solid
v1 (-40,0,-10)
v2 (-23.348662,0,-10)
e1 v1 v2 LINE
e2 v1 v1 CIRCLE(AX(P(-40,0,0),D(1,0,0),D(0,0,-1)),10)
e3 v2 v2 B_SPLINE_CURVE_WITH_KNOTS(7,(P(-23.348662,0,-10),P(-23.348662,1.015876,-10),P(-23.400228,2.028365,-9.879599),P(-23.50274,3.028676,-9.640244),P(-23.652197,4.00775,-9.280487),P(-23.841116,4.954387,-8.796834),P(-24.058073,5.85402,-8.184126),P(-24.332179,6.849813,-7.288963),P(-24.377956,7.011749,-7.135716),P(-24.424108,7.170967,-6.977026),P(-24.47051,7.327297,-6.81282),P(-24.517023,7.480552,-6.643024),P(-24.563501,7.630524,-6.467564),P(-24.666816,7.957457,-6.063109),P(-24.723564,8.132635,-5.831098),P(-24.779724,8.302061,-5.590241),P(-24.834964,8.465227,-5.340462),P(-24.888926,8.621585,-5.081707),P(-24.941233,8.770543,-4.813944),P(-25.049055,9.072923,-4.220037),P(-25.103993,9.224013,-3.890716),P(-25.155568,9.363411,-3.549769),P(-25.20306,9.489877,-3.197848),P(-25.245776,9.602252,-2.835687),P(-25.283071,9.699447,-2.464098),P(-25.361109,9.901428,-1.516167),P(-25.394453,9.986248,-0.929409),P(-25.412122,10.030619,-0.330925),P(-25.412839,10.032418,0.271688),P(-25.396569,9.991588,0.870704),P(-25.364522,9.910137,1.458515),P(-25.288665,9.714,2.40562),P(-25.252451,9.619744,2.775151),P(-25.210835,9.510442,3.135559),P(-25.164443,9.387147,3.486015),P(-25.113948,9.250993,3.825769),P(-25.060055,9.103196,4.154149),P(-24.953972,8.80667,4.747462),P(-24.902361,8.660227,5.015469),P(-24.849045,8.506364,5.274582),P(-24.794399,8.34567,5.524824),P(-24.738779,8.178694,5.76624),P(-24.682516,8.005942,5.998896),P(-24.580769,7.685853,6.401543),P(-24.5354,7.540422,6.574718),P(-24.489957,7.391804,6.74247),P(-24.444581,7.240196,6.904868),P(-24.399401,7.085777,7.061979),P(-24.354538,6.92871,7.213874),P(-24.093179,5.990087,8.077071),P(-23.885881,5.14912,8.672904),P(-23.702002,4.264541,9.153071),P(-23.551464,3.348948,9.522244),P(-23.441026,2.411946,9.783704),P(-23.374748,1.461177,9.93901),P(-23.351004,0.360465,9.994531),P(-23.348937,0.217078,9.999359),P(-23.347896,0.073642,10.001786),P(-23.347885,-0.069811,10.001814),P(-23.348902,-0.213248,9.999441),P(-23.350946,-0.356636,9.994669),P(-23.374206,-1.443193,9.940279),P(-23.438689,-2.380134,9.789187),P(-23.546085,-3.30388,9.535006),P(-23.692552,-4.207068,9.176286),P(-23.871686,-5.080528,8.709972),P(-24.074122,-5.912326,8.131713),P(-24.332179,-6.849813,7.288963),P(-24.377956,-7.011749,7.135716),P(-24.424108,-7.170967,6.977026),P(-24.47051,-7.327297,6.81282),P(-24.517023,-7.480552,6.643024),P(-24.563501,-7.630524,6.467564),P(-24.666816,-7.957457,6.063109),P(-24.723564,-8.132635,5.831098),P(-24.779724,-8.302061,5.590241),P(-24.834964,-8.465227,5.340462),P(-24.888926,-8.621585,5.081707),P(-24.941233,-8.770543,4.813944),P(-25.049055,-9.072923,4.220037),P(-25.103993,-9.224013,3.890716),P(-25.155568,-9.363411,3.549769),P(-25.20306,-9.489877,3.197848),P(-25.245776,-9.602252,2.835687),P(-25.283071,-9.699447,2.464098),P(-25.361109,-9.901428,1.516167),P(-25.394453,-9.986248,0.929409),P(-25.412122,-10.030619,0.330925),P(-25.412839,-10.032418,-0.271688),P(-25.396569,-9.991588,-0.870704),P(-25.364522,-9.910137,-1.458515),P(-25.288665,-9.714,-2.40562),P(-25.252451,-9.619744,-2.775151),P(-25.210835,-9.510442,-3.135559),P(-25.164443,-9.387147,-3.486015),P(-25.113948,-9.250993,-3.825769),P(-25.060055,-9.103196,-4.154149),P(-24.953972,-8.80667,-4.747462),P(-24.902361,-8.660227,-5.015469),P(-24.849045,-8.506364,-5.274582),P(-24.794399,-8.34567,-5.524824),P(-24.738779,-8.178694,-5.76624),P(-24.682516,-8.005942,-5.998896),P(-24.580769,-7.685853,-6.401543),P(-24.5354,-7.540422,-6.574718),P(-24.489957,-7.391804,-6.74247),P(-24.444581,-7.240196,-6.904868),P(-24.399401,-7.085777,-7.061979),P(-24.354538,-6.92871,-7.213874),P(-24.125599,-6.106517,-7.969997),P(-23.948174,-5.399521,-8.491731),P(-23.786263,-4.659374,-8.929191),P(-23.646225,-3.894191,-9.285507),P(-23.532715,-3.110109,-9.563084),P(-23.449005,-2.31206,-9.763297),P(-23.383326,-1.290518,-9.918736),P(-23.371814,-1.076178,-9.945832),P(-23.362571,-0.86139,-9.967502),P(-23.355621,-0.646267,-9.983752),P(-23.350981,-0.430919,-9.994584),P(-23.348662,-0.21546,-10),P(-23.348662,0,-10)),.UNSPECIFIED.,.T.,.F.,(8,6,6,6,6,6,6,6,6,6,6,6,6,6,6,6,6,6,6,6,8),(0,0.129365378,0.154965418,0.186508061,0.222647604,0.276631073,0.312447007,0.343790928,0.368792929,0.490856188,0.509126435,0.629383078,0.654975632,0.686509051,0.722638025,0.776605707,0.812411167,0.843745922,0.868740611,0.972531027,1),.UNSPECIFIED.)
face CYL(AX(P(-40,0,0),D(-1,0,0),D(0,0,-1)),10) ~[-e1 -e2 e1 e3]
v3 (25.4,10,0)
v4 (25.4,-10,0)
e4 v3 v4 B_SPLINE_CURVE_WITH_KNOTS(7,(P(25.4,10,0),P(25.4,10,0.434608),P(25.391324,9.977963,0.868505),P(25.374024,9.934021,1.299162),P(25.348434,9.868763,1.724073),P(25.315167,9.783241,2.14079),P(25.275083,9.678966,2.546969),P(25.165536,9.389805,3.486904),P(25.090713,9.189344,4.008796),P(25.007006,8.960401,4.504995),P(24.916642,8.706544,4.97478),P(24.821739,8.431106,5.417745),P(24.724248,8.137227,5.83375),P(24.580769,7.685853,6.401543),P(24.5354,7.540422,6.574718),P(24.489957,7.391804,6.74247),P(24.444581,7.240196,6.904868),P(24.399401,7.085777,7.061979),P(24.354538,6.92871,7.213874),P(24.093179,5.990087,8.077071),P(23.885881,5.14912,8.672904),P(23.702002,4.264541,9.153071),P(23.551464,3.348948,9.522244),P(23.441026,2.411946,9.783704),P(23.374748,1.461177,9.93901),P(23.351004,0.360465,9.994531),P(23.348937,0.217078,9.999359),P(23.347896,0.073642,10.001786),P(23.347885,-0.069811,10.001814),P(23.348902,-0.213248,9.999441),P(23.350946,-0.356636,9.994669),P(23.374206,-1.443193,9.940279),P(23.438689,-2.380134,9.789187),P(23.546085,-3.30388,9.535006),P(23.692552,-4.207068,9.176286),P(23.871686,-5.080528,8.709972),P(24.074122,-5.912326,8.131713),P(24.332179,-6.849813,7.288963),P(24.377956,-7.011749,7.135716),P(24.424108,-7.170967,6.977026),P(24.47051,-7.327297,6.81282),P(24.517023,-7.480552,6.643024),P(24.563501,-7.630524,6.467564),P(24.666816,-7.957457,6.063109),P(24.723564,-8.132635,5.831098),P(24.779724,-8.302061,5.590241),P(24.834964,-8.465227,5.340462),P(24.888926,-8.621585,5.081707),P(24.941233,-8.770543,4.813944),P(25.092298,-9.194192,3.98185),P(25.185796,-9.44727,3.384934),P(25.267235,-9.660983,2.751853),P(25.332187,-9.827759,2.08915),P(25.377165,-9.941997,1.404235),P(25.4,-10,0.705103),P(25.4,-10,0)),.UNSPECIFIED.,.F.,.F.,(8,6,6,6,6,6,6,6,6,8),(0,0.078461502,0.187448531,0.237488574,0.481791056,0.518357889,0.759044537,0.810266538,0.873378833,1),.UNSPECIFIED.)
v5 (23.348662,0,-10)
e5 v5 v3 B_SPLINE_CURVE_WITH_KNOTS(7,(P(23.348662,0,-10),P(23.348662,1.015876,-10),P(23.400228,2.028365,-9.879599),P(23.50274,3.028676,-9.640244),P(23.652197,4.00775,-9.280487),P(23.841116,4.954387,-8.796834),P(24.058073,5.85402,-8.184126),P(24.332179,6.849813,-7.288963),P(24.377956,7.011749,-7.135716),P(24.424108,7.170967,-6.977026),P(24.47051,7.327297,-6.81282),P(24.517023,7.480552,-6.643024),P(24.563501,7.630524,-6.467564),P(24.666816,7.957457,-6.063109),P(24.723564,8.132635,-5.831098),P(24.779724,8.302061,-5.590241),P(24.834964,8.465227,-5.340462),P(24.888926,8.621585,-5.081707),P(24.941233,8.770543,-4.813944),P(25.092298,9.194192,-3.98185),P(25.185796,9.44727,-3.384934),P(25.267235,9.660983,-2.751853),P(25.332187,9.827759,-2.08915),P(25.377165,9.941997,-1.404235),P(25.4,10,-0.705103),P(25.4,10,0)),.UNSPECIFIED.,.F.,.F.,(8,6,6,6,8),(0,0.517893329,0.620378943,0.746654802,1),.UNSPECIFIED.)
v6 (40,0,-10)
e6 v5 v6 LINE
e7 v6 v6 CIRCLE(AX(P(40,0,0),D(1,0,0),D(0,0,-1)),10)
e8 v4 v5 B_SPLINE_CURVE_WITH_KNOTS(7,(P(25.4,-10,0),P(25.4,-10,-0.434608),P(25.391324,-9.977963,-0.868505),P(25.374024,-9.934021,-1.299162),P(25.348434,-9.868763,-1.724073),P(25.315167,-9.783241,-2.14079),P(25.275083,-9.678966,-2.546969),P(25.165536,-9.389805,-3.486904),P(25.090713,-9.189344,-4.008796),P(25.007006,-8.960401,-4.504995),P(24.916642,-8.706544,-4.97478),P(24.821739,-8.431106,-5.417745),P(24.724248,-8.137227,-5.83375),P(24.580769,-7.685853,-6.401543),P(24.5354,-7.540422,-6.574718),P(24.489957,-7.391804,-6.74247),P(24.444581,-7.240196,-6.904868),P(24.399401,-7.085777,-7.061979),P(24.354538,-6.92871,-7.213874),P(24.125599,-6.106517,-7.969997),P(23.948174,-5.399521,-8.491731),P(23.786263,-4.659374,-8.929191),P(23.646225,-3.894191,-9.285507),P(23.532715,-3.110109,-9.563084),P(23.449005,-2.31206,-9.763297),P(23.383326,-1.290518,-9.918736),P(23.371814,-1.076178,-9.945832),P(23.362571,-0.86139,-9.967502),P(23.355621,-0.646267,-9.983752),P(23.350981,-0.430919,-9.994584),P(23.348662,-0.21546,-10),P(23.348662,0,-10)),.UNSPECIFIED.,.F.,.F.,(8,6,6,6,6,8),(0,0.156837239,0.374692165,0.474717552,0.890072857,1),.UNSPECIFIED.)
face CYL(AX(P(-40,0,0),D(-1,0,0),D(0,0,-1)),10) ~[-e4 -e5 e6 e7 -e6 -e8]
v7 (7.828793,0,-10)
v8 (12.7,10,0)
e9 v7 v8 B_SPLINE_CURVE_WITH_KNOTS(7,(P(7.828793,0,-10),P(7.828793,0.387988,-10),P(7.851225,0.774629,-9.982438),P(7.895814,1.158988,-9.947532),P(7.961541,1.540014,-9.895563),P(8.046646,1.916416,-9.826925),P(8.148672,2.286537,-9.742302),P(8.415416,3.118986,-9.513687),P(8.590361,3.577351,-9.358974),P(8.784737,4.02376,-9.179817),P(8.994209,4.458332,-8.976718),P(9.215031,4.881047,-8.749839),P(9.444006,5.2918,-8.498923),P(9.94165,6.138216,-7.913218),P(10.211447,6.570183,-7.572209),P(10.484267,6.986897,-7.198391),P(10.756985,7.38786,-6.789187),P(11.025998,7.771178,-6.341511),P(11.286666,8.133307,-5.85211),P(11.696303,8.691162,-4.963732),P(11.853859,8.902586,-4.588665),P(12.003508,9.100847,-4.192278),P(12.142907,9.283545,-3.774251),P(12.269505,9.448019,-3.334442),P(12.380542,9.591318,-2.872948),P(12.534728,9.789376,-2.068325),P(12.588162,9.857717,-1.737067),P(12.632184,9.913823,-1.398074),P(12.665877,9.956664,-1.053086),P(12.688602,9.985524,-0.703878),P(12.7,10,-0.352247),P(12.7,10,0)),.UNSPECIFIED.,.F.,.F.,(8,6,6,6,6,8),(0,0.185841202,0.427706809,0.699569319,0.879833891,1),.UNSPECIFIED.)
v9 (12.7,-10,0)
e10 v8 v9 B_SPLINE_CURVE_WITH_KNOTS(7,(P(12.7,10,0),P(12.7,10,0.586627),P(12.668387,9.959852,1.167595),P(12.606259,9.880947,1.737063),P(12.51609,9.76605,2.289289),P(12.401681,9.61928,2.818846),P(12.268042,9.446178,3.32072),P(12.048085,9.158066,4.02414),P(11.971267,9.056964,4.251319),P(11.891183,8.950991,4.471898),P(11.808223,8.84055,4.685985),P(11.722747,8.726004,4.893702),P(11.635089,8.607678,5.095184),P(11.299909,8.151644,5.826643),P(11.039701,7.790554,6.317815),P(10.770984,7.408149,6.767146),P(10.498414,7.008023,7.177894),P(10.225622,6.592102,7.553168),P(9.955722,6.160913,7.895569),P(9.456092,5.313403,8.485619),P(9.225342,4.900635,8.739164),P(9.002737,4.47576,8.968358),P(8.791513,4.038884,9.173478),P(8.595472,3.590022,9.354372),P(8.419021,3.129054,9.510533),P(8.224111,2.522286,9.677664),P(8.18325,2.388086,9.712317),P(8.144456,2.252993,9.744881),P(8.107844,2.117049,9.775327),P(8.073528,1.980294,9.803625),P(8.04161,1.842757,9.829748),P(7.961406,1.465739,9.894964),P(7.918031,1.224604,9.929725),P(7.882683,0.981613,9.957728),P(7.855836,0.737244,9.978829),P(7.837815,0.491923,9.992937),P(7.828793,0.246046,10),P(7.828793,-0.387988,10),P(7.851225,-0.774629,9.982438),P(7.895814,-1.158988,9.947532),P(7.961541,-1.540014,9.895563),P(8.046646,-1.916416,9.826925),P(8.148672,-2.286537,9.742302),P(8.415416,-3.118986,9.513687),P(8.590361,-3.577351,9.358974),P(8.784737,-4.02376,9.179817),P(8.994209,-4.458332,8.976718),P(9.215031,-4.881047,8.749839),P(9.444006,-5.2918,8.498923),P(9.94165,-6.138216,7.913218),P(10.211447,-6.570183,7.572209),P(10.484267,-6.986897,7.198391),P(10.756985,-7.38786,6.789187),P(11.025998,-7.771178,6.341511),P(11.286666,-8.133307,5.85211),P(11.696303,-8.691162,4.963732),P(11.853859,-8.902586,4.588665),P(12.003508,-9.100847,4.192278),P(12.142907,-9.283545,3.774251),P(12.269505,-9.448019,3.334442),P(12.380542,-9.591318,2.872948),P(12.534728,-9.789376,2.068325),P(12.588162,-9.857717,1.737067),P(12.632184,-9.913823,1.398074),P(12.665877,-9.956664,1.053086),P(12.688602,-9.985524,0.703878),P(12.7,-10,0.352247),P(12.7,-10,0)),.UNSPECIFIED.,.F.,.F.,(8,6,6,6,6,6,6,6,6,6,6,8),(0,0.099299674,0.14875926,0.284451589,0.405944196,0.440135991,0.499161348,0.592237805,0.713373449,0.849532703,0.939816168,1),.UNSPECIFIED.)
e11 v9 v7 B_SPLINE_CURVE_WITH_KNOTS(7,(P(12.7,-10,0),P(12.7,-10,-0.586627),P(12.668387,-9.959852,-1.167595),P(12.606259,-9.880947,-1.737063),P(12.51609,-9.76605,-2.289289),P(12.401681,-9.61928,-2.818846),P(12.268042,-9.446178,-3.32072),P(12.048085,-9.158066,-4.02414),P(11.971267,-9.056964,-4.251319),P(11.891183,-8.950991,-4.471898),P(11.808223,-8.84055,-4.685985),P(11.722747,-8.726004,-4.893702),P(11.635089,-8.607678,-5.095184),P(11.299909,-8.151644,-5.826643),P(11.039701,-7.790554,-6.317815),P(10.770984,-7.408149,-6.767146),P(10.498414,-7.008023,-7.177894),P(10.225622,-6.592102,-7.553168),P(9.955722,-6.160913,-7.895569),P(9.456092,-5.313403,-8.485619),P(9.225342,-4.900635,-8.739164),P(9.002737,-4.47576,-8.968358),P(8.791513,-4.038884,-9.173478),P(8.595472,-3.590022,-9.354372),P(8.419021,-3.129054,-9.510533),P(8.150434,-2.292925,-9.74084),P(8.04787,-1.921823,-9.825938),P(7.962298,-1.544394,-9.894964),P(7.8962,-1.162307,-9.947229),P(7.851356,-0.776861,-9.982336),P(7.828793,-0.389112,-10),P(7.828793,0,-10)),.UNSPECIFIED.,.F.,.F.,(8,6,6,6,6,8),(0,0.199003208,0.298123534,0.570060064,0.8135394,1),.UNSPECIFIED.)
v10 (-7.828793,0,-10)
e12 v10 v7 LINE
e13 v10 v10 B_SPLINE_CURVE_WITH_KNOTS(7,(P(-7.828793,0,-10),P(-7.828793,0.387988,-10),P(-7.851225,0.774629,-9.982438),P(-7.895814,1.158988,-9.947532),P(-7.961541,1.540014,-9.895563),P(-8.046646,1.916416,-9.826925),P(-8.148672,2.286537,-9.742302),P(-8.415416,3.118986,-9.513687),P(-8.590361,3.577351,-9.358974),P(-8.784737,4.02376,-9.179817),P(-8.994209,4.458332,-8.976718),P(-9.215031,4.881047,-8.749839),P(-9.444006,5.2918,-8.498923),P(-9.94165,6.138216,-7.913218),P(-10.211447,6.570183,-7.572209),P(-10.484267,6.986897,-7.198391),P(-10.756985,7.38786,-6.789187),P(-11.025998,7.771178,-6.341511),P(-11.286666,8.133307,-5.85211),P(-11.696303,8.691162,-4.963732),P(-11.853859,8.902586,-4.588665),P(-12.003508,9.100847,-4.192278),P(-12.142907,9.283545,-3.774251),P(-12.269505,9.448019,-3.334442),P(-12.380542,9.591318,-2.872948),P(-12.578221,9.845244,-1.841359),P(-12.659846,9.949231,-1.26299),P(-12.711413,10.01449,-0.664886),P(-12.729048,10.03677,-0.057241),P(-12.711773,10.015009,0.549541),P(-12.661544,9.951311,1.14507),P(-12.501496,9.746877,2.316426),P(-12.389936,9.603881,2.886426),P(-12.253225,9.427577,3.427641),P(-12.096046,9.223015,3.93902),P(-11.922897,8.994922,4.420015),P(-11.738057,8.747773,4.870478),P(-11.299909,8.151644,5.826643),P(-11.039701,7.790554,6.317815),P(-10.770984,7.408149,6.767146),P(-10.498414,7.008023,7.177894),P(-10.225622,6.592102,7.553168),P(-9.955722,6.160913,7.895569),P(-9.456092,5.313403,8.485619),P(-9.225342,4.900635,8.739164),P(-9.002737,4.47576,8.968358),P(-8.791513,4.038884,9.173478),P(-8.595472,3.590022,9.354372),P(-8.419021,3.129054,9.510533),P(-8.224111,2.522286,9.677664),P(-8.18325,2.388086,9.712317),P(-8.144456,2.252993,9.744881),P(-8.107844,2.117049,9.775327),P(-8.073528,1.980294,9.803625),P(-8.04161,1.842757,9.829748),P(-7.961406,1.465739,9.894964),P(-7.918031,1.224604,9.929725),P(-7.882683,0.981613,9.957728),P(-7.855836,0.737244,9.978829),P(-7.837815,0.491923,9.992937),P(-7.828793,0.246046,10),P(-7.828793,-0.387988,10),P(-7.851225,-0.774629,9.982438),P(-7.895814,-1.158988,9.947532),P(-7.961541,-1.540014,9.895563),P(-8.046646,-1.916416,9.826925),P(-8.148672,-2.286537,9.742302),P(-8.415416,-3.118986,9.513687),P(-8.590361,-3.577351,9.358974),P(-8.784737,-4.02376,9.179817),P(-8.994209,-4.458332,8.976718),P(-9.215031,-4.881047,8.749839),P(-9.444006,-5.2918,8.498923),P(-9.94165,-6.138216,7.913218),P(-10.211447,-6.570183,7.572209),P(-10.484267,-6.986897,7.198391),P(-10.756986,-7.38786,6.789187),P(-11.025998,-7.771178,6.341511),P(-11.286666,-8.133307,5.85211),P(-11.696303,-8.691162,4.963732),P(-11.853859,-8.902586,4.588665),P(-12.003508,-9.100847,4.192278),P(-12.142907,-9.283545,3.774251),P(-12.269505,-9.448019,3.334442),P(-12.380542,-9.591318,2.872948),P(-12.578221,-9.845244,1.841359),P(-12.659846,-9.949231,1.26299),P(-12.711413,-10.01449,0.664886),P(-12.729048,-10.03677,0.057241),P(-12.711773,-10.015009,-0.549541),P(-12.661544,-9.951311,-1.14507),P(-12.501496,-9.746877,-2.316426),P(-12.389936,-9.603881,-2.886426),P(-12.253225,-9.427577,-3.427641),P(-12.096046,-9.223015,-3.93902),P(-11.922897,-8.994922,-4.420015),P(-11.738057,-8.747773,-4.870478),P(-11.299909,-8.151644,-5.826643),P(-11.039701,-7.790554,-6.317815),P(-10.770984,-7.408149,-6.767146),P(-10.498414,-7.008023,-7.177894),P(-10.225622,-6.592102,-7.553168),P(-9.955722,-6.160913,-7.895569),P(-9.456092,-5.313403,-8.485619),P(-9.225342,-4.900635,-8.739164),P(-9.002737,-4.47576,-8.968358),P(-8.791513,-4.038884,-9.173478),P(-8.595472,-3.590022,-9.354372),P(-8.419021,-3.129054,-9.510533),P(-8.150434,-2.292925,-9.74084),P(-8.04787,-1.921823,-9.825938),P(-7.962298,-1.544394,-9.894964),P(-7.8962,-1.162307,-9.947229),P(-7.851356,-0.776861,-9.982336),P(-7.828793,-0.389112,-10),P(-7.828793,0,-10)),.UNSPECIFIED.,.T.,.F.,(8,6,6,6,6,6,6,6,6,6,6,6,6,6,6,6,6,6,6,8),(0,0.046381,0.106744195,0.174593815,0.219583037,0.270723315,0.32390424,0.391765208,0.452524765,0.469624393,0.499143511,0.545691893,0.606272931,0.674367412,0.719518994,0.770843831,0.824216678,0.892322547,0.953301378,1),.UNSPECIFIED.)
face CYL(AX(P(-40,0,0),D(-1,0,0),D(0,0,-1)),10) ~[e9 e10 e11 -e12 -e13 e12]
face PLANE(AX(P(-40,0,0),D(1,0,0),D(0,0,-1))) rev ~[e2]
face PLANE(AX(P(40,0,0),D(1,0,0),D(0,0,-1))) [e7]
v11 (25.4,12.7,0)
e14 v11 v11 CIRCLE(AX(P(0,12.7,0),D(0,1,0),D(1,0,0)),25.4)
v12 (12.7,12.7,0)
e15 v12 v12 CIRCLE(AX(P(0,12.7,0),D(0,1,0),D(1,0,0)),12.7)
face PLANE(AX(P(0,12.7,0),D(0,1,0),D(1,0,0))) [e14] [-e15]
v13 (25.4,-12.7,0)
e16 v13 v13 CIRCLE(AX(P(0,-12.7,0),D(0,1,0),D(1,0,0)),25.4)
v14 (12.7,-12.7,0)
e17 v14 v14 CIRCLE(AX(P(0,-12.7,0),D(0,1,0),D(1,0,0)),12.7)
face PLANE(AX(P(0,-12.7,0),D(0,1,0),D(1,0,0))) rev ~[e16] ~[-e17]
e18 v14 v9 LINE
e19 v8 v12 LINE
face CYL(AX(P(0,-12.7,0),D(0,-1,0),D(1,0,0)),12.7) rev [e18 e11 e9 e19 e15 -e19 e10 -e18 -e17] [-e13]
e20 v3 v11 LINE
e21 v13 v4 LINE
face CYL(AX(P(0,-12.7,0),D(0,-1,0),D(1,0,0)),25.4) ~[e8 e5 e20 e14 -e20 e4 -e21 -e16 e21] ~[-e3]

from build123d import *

# Parameters (mm, degrees)
BOSS_EXTRUDE1_DEPTH      = 40
BOSS_EXTRUDE1_DEPTH_BACK = 40
SKETCH2_R                = 10
BOSS_EXTRUDE2_DEPTH      = 12.7
BOSS_EXTRUDE2_DEPTH_BACK = 12.7
SKETCH1_R                = 25.4
SKETCH1_R_2              = 12.7


with BuildPart() as part:
    # Sketch2 → Boss-Extrude1 (new, two sides: drawn at the far end of the back side and taken through both)
    with BuildSketch(Plane(origin=(0, 0, 0), x_dir=(0, 0, -1), z_dir=(1, 0, 0)).offset(-BOSS_EXTRUDE1_DEPTH_BACK)):
        Circle(SKETCH2_R)
    extrude(amount=BOSS_EXTRUDE1_DEPTH + BOSS_EXTRUDE1_DEPTH_BACK)

    # Sketch1 → Boss-Extrude2 (add, two sides: drawn at the far end of the back side and taken through both)
    with BuildSketch(Plane(origin=(0, 0, 0), x_dir=(1, 0, 0), z_dir=(0, 1, 0)).offset(-BOSS_EXTRUDE2_DEPTH_BACK)):
        Circle(SKETCH1_R)
        Circle(SKETCH1_R_2, mode=Mode.SUBTRACT)
    extrude(amount=BOSS_EXTRUDE2_DEPTH + BOSS_EXTRUDE2_DEPTH_BACK)


solid = part.part
